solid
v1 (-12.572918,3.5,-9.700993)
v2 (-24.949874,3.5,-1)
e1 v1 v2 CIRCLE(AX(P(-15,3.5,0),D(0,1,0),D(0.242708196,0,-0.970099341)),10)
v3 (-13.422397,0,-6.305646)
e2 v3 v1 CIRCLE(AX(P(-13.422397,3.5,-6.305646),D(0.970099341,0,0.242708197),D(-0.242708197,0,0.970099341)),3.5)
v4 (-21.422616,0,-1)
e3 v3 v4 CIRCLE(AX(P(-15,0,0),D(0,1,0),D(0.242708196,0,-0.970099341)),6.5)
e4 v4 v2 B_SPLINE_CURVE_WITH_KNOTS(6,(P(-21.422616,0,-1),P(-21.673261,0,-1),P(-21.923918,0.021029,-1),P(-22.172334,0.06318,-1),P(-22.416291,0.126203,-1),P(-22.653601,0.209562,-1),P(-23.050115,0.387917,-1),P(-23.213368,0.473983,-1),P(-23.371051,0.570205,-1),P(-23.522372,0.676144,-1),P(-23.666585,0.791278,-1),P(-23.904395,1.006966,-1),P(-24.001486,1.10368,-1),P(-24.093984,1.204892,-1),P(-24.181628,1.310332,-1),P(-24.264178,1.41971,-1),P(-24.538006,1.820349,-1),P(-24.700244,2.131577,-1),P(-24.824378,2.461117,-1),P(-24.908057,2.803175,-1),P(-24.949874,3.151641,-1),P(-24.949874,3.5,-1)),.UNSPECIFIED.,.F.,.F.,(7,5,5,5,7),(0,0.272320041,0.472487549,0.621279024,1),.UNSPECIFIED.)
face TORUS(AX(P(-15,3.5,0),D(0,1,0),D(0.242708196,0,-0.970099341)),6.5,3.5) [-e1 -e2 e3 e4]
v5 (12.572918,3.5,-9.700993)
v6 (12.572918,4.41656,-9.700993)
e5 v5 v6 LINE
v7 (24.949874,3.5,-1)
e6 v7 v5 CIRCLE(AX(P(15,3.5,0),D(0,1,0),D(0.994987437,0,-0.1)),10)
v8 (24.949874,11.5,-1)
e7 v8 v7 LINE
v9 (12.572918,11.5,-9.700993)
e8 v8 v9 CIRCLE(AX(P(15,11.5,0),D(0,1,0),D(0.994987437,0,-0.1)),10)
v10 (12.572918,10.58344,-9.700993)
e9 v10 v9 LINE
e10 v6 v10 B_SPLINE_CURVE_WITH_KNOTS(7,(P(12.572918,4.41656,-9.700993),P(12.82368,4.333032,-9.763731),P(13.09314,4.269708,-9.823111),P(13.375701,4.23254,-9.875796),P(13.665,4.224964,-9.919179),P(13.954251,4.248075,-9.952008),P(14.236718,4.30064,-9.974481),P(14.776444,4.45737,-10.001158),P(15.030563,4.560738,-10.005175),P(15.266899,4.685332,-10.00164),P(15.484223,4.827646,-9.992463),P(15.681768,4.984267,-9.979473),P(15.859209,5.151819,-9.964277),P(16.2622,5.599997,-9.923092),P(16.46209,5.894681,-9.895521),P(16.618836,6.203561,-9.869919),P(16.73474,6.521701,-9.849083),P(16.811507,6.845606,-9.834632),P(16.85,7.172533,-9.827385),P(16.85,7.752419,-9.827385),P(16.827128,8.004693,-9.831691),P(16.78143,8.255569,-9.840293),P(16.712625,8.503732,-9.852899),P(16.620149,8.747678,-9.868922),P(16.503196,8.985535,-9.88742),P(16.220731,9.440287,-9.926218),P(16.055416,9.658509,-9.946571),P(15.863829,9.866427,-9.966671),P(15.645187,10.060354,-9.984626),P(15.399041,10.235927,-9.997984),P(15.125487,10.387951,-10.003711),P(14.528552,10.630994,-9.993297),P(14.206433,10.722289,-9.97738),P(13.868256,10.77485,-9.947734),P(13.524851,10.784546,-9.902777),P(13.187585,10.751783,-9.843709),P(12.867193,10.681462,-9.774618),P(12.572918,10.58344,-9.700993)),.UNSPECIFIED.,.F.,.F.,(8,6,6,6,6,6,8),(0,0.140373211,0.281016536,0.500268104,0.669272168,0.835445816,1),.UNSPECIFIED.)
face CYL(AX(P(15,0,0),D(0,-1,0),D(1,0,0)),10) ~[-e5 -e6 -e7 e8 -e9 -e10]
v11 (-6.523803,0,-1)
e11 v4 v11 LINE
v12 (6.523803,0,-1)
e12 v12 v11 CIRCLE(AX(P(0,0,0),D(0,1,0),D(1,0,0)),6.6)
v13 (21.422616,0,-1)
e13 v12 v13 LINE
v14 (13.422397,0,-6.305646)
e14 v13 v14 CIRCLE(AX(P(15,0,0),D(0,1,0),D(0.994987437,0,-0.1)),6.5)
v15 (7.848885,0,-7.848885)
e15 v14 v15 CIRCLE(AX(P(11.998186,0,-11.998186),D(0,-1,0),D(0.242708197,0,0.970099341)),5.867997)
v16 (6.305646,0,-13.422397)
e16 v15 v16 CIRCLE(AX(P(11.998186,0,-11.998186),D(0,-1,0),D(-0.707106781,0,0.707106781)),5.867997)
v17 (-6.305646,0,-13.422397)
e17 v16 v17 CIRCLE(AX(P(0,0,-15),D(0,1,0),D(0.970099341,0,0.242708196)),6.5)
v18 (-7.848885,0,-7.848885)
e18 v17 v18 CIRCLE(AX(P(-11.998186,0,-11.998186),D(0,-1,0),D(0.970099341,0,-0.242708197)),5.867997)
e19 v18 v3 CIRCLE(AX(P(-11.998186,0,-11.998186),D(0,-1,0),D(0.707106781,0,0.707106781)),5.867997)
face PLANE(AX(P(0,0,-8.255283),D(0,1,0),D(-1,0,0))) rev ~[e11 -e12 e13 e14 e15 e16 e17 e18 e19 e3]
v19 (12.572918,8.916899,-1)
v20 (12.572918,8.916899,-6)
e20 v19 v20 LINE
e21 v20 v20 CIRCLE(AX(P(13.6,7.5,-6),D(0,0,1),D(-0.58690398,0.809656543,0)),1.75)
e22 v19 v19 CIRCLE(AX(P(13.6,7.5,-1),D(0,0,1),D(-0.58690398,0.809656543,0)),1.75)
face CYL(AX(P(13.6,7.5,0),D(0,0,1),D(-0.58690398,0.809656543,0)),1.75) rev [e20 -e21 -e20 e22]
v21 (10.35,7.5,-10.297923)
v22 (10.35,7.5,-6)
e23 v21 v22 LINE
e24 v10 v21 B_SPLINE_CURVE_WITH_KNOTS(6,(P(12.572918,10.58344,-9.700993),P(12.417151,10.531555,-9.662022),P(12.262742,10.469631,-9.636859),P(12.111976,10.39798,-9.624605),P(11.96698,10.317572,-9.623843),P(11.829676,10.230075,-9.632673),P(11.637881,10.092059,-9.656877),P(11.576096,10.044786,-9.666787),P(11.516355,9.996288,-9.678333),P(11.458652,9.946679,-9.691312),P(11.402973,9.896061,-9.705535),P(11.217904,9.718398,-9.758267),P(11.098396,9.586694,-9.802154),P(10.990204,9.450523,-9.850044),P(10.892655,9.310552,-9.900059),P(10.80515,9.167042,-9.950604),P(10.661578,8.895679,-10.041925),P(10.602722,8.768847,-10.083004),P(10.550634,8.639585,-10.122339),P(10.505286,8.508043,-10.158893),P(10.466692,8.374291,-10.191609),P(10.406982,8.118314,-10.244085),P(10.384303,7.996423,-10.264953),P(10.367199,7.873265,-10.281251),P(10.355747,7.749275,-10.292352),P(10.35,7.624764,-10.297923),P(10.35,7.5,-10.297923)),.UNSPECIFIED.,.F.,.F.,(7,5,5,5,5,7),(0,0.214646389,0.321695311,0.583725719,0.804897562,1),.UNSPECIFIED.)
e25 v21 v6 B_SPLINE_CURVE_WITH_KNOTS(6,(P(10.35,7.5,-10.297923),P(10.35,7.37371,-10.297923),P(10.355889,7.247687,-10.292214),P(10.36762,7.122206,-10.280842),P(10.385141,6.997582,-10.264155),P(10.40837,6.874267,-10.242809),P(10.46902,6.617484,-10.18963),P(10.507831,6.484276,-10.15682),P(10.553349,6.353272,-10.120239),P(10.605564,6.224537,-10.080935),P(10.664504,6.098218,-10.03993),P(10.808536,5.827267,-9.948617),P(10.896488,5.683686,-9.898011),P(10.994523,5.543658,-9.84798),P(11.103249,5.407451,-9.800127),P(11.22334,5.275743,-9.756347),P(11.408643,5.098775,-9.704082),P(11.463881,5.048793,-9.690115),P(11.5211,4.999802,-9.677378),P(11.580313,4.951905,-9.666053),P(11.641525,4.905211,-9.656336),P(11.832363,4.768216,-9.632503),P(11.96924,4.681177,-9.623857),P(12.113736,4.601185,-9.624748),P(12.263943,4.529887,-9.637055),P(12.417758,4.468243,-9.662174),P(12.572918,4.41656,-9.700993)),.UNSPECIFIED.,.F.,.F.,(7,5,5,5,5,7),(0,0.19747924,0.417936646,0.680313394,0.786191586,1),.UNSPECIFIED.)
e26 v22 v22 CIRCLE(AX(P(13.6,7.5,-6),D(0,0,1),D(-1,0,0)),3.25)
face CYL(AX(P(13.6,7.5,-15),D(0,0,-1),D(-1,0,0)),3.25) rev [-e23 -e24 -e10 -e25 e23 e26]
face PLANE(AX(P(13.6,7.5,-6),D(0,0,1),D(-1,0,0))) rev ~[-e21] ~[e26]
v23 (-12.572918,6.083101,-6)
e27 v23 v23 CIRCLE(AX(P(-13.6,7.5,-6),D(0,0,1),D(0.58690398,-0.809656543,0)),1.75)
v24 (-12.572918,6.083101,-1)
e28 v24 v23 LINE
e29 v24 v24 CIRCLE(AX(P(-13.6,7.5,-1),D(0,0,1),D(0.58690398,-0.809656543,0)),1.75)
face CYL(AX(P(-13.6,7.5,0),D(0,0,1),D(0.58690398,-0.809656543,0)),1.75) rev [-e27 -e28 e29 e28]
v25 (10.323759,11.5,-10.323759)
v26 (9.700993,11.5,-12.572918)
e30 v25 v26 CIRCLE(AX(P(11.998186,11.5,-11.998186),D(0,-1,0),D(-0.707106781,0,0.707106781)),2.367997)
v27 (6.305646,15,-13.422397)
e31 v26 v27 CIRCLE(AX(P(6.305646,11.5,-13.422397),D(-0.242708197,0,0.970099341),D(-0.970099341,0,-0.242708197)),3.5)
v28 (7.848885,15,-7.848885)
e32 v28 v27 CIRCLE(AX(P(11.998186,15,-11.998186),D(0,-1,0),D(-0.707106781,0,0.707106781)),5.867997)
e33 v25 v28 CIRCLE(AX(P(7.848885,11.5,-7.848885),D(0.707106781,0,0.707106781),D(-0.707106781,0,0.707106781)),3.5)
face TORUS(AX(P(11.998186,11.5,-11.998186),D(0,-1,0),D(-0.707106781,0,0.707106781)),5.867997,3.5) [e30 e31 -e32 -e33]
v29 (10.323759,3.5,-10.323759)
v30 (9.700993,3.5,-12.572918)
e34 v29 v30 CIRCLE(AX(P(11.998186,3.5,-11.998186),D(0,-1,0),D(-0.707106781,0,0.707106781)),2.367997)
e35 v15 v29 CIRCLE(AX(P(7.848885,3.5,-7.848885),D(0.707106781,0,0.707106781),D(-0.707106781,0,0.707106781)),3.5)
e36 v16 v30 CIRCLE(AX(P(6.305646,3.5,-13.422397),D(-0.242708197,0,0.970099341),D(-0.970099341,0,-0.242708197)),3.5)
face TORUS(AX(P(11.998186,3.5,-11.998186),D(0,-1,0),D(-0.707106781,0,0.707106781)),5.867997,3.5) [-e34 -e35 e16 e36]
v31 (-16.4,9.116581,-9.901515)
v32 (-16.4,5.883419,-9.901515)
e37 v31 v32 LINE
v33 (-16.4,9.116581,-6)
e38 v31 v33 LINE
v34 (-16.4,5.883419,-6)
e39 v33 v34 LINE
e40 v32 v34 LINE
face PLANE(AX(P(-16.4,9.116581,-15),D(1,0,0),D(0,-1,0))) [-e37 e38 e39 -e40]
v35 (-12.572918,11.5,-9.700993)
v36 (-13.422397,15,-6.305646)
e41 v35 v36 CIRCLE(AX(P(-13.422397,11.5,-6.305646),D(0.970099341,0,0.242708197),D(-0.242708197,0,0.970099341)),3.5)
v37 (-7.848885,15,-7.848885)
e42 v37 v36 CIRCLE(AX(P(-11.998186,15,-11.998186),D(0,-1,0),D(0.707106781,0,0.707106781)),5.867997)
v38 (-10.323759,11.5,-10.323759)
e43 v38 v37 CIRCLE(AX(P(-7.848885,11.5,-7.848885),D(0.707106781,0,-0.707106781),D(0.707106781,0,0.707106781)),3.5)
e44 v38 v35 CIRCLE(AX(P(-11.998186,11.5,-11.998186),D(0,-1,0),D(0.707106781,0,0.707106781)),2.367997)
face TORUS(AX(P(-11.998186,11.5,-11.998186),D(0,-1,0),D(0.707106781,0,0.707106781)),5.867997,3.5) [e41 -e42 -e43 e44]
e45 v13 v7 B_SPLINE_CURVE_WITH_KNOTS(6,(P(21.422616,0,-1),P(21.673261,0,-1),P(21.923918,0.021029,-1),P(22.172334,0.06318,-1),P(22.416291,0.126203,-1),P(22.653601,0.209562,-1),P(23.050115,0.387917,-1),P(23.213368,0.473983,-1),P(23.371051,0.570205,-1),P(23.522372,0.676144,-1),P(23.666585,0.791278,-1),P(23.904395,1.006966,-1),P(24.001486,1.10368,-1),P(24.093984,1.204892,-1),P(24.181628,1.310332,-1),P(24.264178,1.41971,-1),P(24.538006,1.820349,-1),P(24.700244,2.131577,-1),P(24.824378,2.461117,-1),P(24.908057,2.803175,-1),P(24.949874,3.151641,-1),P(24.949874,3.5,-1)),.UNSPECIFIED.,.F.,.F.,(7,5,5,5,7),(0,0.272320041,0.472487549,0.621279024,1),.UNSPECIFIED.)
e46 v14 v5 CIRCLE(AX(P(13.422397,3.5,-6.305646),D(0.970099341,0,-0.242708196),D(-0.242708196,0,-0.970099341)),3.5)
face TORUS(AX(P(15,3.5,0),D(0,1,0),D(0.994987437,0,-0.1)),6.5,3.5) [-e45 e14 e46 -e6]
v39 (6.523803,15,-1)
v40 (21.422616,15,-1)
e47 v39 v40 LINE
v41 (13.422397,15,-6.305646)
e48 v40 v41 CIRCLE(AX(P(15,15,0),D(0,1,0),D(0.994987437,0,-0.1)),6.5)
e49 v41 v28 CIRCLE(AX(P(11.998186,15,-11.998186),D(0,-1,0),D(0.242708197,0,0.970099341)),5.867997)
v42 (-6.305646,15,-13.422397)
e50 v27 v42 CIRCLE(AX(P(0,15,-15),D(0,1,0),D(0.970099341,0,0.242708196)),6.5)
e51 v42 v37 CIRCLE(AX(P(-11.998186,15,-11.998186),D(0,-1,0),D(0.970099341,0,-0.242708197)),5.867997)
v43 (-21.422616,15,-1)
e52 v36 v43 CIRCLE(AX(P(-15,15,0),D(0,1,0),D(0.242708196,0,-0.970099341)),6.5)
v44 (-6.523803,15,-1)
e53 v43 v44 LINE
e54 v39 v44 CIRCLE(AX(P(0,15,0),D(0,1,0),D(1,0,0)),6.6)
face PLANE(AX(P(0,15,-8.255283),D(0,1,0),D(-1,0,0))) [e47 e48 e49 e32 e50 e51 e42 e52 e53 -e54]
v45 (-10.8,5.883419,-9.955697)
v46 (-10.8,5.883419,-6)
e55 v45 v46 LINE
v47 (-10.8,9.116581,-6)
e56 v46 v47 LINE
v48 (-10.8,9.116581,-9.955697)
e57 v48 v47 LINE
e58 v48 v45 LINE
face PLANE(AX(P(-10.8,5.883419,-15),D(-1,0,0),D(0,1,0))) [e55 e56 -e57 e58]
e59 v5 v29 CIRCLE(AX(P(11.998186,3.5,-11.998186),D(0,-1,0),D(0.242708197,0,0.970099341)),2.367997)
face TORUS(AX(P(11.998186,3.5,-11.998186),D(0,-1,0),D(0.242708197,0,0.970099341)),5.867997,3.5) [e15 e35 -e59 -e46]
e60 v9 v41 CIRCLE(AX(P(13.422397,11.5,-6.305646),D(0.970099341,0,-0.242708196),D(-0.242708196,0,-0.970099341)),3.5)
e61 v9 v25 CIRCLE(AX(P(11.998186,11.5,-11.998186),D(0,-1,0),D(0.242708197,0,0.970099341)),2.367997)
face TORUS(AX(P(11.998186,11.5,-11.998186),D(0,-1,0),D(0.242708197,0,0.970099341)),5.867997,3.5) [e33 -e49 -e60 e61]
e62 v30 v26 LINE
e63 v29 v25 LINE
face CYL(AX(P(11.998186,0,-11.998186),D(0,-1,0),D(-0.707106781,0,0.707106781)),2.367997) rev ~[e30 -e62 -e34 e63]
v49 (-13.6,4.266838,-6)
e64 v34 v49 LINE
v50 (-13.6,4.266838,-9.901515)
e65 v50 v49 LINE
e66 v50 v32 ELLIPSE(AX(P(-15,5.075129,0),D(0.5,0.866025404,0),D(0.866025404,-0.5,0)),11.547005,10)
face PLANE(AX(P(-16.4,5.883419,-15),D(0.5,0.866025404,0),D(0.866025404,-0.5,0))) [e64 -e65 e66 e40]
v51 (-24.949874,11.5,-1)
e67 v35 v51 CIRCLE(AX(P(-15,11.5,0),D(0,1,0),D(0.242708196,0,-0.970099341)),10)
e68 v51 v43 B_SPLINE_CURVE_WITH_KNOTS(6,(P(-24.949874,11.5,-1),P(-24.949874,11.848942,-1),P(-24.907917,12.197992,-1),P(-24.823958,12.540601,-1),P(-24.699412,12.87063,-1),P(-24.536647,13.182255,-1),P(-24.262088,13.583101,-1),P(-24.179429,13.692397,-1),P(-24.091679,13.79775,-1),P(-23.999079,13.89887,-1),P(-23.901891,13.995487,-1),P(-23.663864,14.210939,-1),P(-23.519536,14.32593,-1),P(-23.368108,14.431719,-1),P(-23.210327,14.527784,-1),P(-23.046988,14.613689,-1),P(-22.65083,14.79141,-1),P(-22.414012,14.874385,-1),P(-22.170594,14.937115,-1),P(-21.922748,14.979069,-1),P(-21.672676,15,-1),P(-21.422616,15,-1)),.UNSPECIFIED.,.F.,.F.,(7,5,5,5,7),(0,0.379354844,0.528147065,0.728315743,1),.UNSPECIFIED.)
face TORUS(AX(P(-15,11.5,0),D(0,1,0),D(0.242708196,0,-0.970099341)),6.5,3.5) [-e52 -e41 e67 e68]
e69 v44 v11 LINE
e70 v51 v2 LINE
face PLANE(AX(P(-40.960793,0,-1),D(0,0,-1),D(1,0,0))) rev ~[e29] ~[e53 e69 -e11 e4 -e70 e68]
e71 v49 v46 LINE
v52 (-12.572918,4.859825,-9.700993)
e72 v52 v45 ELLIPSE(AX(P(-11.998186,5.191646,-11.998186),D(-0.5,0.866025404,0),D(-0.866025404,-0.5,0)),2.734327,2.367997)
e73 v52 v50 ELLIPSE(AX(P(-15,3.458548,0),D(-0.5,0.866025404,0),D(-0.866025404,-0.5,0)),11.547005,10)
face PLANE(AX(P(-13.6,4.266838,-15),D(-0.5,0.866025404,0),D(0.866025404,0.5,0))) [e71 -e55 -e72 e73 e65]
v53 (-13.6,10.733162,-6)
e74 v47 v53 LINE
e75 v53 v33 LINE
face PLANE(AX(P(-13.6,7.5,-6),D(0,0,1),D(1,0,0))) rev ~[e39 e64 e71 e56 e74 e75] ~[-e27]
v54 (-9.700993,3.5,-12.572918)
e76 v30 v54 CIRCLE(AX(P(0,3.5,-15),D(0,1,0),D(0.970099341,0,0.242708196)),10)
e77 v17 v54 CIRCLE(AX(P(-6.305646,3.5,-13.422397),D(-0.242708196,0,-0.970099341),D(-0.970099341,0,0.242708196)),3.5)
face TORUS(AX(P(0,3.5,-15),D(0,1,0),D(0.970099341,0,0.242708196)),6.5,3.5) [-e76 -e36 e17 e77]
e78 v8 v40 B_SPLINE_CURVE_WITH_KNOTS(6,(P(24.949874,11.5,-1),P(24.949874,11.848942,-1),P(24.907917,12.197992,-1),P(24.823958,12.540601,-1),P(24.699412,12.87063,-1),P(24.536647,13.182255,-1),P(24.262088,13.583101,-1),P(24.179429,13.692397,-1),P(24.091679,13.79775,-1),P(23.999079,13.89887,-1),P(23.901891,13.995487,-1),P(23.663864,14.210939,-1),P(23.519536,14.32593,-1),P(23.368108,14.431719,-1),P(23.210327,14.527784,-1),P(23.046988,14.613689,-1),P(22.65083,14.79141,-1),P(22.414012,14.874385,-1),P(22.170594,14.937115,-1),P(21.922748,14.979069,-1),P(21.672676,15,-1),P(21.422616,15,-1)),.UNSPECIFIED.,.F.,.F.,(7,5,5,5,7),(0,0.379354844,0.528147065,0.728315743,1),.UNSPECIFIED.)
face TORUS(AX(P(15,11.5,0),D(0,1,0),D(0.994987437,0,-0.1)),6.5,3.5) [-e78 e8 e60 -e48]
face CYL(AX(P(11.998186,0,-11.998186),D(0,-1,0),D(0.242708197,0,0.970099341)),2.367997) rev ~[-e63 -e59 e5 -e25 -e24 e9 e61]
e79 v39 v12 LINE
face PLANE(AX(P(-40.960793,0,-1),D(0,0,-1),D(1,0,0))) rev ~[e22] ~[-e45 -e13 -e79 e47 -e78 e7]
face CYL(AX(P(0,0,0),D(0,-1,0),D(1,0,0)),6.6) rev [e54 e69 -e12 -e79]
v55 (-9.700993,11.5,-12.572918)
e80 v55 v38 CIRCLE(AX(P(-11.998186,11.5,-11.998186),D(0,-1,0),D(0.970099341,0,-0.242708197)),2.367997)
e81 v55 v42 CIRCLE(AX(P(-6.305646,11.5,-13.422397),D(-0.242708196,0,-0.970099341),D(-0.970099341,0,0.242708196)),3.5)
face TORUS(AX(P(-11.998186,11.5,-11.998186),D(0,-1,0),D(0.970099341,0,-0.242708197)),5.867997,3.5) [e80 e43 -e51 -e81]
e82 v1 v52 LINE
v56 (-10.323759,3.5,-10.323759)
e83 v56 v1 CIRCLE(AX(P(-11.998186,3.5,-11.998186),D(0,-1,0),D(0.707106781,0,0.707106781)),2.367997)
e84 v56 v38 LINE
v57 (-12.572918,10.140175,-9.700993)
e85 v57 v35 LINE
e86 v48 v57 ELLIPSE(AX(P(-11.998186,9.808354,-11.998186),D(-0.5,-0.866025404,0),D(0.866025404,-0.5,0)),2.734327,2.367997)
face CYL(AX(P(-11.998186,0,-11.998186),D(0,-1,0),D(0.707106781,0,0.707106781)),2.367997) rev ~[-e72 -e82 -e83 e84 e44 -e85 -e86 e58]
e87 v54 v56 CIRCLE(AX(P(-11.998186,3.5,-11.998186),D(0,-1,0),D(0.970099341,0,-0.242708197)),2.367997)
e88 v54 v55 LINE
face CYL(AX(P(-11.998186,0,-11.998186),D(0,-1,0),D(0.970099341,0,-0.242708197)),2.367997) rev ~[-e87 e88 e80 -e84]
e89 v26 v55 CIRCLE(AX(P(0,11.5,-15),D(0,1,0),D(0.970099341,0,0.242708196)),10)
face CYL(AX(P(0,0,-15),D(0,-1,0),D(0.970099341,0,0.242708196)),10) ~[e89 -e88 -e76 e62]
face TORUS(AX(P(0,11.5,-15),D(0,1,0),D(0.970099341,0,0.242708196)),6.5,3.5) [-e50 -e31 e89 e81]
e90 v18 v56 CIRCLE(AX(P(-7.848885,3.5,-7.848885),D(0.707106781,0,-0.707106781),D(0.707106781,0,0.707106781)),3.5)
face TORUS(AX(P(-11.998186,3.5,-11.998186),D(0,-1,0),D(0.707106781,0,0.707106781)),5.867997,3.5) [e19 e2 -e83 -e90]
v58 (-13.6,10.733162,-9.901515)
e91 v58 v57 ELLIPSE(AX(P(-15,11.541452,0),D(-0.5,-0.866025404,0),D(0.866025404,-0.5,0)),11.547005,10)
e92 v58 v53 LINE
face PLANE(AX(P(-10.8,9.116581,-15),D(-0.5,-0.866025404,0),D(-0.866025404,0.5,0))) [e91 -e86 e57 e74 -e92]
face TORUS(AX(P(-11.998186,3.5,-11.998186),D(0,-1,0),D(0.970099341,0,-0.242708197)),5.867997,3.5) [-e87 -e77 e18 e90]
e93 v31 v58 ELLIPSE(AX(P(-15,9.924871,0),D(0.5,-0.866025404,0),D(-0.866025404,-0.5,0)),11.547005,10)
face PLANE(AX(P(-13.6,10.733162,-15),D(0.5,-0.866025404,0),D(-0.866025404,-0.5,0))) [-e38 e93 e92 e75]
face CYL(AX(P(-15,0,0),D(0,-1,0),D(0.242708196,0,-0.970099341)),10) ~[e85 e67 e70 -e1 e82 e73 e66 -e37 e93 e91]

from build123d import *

# Parameters (mm, degrees)
BOSS_EXTRUDE1_DEPTH = 15
BOSS_EXTRUDE2_DEPTH = 15
CUT_EXTRUDE1_REACH  = 40.406
SKETCH2_R           = 1.75
CUT_EXTRUDE4_START  = -15
SKETCH5_W           = 78.790180628
SKETCH5_H           = 1
CUT_EXTRUDE4_DEPTH  = 15
SKETCH3_R           = 3.25
CUT_EXTRUDE2_DEPTH  = 9
FILLET1_R           = 3.5


with BuildPart() as part:
    # Sketch1 → Boss-Extrude1 (new body)
    with BuildSketch(Plane(origin=(0, 0, 0), x_dir=(1, 0, 0), z_dir=(0, 1, 0))):
        with BuildLine():
            Line((-6.6, 0), (-14.6, 0))
            ThreePointArc((-14.6, 0), (0, 14.6), (14.6, 0))
            Line((14.6, 0), (6.6, 0))
            ThreePointArc((6.6, 0), (0, 6.6), (-6.6, 0))
        make_face()
    extrude(amount=BOSS_EXTRUDE1_DEPTH)

    # Sketch6 → Boss-Extrude2 (add)
    with BuildSketch(Plane.XZ):
        with BuildLine():
            Line((-25, 0), (-8.641827511, 0))
            ThreePointArc((-8.641827511, 0), (0, -8.641827511), (8.641827511, 0))
            Line((8.641827511, 0), (25, 0))
            ThreePointArc((25, 0), (21.153421014, -7.882601717), (12.572918035, -9.70099341))
            ThreePointArc((12.572918035, -9.70099341), (11.366290804, -9.716055468), (10.323759005, -10.323759005))
            ThreePointArc((10.323759005, -10.323759005), (9.716055468, -11.366290804), (9.70099341, -12.572918035))
            ThreePointArc((9.70099341, -12.572918035), (0, -25), (-9.70099341, -12.572918035))
            ThreePointArc((-9.70099341, -12.572918035), (-9.716055468, -11.366290804), (-10.323759005, -10.323759005))
            ThreePointArc((-10.323759005, -10.323759005), (-11.366290804, -9.716055468), (-12.572918035, -9.70099341))
            ThreePointArc((-12.572918035, -9.70099341), (-21.153421014, -7.882601717), (-25, 0))
        make_face()
    extrude(amount=-BOSS_EXTRUDE2_DEPTH)

    # Sketch2 → Cut-Extrude1 (cut, up to next)
    with BuildSketch(Plane(origin=(0, 0, 0), x_dir=(-1, 0, 0), z_dir=(0, 0, -1)), mode=Mode.PRIVATE) as cut_extrude1_sk1:
        with Locations(Location((-13.6, 7.5, 0), (0, 0, 54.062388323))):
            Circle(SKETCH2_R)
    cut_extrude1_tool1 = extrude(cut_extrude1_sk1.sketch, amount=CUT_EXTRUDE1_REACH, mode=Mode.PRIVATE) & part.part
    # Sketch2 → Cut-Extrude1 (cut, up to next)
    with BuildSketch(Plane(origin=(0, 0, 0), x_dir=(-1, 0, 0), z_dir=(0, 0, -1)), mode=Mode.PRIVATE) as cut_extrude1_sk2:
        with Locations(Location((13.6, 7.5, 0), (0, 0, 234.062388323))):
            Circle(SKETCH2_R)
    cut_extrude1_tool2 = extrude(cut_extrude1_sk2.sketch, amount=CUT_EXTRUDE1_REACH, mode=Mode.PRIVATE) & part.part
    add(cut_extrude1_tool1.solids().sort_by_distance((13.6, 7.5, 0))[0], mode=Mode.SUBTRACT)
    add(cut_extrude1_tool2.solids().sort_by_distance((-13.6, 7.5, 0))[0], mode=Mode.SUBTRACT)

    # Sketch5 → Cut-Extrude4 (cut)
    with BuildSketch(Plane(origin=(0, 15, 0), x_dir=(1, 0, 0), z_dir=(0, 1, 0)).offset(CUT_EXTRUDE4_START)):
        with Locations((-1.565702307, 0.5)):
            Rectangle(SKETCH5_W, SKETCH5_H)
    extrude(amount=CUT_EXTRUDE4_DEPTH, mode=Mode.SUBTRACT)

    # Sketch3 → Cut-Extrude2 (cut)
    with BuildSketch(Plane.XY.offset(-15)):
        with Locations(Location((13.6, 7.5, 0), (0, 0, 180))):
            Circle(SKETCH3_R)
        Polygon((-10.8, 5.883419246), (-10.8, 9.116580754), (-13.6, 10.733161507), (-16.4, 9.116580754), (-16.4, 5.883419246), (-13.6, 4.266838493), align=None)
    extrude(amount=CUT_EXTRUDE2_DEPTH, mode=Mode.SUBTRACT)

    # Fillet1
    fillet1_edges = [part.edges().sort_by_distance(p)[0] for p in [
        (10.323759005, 0, -10.323759005),
        (20.751080157, 0, -8.180774843),
        (-10.323759005, 0, -10.323759005),
        (0, 0, -25),
        (10.323759005, 15, -10.323759005),
        (-10.323759005, 15, -10.323759005),
        (-20.751080157, 15, -8.180774843),
        (0, 15, -25),
        (-20.751080157, 0, -8.180774843),
        (20.751080157, 15, -8.180774843),
    ]]
    fillet(fillet1_edges, radius=FILLET1_R)


solid = part.part
